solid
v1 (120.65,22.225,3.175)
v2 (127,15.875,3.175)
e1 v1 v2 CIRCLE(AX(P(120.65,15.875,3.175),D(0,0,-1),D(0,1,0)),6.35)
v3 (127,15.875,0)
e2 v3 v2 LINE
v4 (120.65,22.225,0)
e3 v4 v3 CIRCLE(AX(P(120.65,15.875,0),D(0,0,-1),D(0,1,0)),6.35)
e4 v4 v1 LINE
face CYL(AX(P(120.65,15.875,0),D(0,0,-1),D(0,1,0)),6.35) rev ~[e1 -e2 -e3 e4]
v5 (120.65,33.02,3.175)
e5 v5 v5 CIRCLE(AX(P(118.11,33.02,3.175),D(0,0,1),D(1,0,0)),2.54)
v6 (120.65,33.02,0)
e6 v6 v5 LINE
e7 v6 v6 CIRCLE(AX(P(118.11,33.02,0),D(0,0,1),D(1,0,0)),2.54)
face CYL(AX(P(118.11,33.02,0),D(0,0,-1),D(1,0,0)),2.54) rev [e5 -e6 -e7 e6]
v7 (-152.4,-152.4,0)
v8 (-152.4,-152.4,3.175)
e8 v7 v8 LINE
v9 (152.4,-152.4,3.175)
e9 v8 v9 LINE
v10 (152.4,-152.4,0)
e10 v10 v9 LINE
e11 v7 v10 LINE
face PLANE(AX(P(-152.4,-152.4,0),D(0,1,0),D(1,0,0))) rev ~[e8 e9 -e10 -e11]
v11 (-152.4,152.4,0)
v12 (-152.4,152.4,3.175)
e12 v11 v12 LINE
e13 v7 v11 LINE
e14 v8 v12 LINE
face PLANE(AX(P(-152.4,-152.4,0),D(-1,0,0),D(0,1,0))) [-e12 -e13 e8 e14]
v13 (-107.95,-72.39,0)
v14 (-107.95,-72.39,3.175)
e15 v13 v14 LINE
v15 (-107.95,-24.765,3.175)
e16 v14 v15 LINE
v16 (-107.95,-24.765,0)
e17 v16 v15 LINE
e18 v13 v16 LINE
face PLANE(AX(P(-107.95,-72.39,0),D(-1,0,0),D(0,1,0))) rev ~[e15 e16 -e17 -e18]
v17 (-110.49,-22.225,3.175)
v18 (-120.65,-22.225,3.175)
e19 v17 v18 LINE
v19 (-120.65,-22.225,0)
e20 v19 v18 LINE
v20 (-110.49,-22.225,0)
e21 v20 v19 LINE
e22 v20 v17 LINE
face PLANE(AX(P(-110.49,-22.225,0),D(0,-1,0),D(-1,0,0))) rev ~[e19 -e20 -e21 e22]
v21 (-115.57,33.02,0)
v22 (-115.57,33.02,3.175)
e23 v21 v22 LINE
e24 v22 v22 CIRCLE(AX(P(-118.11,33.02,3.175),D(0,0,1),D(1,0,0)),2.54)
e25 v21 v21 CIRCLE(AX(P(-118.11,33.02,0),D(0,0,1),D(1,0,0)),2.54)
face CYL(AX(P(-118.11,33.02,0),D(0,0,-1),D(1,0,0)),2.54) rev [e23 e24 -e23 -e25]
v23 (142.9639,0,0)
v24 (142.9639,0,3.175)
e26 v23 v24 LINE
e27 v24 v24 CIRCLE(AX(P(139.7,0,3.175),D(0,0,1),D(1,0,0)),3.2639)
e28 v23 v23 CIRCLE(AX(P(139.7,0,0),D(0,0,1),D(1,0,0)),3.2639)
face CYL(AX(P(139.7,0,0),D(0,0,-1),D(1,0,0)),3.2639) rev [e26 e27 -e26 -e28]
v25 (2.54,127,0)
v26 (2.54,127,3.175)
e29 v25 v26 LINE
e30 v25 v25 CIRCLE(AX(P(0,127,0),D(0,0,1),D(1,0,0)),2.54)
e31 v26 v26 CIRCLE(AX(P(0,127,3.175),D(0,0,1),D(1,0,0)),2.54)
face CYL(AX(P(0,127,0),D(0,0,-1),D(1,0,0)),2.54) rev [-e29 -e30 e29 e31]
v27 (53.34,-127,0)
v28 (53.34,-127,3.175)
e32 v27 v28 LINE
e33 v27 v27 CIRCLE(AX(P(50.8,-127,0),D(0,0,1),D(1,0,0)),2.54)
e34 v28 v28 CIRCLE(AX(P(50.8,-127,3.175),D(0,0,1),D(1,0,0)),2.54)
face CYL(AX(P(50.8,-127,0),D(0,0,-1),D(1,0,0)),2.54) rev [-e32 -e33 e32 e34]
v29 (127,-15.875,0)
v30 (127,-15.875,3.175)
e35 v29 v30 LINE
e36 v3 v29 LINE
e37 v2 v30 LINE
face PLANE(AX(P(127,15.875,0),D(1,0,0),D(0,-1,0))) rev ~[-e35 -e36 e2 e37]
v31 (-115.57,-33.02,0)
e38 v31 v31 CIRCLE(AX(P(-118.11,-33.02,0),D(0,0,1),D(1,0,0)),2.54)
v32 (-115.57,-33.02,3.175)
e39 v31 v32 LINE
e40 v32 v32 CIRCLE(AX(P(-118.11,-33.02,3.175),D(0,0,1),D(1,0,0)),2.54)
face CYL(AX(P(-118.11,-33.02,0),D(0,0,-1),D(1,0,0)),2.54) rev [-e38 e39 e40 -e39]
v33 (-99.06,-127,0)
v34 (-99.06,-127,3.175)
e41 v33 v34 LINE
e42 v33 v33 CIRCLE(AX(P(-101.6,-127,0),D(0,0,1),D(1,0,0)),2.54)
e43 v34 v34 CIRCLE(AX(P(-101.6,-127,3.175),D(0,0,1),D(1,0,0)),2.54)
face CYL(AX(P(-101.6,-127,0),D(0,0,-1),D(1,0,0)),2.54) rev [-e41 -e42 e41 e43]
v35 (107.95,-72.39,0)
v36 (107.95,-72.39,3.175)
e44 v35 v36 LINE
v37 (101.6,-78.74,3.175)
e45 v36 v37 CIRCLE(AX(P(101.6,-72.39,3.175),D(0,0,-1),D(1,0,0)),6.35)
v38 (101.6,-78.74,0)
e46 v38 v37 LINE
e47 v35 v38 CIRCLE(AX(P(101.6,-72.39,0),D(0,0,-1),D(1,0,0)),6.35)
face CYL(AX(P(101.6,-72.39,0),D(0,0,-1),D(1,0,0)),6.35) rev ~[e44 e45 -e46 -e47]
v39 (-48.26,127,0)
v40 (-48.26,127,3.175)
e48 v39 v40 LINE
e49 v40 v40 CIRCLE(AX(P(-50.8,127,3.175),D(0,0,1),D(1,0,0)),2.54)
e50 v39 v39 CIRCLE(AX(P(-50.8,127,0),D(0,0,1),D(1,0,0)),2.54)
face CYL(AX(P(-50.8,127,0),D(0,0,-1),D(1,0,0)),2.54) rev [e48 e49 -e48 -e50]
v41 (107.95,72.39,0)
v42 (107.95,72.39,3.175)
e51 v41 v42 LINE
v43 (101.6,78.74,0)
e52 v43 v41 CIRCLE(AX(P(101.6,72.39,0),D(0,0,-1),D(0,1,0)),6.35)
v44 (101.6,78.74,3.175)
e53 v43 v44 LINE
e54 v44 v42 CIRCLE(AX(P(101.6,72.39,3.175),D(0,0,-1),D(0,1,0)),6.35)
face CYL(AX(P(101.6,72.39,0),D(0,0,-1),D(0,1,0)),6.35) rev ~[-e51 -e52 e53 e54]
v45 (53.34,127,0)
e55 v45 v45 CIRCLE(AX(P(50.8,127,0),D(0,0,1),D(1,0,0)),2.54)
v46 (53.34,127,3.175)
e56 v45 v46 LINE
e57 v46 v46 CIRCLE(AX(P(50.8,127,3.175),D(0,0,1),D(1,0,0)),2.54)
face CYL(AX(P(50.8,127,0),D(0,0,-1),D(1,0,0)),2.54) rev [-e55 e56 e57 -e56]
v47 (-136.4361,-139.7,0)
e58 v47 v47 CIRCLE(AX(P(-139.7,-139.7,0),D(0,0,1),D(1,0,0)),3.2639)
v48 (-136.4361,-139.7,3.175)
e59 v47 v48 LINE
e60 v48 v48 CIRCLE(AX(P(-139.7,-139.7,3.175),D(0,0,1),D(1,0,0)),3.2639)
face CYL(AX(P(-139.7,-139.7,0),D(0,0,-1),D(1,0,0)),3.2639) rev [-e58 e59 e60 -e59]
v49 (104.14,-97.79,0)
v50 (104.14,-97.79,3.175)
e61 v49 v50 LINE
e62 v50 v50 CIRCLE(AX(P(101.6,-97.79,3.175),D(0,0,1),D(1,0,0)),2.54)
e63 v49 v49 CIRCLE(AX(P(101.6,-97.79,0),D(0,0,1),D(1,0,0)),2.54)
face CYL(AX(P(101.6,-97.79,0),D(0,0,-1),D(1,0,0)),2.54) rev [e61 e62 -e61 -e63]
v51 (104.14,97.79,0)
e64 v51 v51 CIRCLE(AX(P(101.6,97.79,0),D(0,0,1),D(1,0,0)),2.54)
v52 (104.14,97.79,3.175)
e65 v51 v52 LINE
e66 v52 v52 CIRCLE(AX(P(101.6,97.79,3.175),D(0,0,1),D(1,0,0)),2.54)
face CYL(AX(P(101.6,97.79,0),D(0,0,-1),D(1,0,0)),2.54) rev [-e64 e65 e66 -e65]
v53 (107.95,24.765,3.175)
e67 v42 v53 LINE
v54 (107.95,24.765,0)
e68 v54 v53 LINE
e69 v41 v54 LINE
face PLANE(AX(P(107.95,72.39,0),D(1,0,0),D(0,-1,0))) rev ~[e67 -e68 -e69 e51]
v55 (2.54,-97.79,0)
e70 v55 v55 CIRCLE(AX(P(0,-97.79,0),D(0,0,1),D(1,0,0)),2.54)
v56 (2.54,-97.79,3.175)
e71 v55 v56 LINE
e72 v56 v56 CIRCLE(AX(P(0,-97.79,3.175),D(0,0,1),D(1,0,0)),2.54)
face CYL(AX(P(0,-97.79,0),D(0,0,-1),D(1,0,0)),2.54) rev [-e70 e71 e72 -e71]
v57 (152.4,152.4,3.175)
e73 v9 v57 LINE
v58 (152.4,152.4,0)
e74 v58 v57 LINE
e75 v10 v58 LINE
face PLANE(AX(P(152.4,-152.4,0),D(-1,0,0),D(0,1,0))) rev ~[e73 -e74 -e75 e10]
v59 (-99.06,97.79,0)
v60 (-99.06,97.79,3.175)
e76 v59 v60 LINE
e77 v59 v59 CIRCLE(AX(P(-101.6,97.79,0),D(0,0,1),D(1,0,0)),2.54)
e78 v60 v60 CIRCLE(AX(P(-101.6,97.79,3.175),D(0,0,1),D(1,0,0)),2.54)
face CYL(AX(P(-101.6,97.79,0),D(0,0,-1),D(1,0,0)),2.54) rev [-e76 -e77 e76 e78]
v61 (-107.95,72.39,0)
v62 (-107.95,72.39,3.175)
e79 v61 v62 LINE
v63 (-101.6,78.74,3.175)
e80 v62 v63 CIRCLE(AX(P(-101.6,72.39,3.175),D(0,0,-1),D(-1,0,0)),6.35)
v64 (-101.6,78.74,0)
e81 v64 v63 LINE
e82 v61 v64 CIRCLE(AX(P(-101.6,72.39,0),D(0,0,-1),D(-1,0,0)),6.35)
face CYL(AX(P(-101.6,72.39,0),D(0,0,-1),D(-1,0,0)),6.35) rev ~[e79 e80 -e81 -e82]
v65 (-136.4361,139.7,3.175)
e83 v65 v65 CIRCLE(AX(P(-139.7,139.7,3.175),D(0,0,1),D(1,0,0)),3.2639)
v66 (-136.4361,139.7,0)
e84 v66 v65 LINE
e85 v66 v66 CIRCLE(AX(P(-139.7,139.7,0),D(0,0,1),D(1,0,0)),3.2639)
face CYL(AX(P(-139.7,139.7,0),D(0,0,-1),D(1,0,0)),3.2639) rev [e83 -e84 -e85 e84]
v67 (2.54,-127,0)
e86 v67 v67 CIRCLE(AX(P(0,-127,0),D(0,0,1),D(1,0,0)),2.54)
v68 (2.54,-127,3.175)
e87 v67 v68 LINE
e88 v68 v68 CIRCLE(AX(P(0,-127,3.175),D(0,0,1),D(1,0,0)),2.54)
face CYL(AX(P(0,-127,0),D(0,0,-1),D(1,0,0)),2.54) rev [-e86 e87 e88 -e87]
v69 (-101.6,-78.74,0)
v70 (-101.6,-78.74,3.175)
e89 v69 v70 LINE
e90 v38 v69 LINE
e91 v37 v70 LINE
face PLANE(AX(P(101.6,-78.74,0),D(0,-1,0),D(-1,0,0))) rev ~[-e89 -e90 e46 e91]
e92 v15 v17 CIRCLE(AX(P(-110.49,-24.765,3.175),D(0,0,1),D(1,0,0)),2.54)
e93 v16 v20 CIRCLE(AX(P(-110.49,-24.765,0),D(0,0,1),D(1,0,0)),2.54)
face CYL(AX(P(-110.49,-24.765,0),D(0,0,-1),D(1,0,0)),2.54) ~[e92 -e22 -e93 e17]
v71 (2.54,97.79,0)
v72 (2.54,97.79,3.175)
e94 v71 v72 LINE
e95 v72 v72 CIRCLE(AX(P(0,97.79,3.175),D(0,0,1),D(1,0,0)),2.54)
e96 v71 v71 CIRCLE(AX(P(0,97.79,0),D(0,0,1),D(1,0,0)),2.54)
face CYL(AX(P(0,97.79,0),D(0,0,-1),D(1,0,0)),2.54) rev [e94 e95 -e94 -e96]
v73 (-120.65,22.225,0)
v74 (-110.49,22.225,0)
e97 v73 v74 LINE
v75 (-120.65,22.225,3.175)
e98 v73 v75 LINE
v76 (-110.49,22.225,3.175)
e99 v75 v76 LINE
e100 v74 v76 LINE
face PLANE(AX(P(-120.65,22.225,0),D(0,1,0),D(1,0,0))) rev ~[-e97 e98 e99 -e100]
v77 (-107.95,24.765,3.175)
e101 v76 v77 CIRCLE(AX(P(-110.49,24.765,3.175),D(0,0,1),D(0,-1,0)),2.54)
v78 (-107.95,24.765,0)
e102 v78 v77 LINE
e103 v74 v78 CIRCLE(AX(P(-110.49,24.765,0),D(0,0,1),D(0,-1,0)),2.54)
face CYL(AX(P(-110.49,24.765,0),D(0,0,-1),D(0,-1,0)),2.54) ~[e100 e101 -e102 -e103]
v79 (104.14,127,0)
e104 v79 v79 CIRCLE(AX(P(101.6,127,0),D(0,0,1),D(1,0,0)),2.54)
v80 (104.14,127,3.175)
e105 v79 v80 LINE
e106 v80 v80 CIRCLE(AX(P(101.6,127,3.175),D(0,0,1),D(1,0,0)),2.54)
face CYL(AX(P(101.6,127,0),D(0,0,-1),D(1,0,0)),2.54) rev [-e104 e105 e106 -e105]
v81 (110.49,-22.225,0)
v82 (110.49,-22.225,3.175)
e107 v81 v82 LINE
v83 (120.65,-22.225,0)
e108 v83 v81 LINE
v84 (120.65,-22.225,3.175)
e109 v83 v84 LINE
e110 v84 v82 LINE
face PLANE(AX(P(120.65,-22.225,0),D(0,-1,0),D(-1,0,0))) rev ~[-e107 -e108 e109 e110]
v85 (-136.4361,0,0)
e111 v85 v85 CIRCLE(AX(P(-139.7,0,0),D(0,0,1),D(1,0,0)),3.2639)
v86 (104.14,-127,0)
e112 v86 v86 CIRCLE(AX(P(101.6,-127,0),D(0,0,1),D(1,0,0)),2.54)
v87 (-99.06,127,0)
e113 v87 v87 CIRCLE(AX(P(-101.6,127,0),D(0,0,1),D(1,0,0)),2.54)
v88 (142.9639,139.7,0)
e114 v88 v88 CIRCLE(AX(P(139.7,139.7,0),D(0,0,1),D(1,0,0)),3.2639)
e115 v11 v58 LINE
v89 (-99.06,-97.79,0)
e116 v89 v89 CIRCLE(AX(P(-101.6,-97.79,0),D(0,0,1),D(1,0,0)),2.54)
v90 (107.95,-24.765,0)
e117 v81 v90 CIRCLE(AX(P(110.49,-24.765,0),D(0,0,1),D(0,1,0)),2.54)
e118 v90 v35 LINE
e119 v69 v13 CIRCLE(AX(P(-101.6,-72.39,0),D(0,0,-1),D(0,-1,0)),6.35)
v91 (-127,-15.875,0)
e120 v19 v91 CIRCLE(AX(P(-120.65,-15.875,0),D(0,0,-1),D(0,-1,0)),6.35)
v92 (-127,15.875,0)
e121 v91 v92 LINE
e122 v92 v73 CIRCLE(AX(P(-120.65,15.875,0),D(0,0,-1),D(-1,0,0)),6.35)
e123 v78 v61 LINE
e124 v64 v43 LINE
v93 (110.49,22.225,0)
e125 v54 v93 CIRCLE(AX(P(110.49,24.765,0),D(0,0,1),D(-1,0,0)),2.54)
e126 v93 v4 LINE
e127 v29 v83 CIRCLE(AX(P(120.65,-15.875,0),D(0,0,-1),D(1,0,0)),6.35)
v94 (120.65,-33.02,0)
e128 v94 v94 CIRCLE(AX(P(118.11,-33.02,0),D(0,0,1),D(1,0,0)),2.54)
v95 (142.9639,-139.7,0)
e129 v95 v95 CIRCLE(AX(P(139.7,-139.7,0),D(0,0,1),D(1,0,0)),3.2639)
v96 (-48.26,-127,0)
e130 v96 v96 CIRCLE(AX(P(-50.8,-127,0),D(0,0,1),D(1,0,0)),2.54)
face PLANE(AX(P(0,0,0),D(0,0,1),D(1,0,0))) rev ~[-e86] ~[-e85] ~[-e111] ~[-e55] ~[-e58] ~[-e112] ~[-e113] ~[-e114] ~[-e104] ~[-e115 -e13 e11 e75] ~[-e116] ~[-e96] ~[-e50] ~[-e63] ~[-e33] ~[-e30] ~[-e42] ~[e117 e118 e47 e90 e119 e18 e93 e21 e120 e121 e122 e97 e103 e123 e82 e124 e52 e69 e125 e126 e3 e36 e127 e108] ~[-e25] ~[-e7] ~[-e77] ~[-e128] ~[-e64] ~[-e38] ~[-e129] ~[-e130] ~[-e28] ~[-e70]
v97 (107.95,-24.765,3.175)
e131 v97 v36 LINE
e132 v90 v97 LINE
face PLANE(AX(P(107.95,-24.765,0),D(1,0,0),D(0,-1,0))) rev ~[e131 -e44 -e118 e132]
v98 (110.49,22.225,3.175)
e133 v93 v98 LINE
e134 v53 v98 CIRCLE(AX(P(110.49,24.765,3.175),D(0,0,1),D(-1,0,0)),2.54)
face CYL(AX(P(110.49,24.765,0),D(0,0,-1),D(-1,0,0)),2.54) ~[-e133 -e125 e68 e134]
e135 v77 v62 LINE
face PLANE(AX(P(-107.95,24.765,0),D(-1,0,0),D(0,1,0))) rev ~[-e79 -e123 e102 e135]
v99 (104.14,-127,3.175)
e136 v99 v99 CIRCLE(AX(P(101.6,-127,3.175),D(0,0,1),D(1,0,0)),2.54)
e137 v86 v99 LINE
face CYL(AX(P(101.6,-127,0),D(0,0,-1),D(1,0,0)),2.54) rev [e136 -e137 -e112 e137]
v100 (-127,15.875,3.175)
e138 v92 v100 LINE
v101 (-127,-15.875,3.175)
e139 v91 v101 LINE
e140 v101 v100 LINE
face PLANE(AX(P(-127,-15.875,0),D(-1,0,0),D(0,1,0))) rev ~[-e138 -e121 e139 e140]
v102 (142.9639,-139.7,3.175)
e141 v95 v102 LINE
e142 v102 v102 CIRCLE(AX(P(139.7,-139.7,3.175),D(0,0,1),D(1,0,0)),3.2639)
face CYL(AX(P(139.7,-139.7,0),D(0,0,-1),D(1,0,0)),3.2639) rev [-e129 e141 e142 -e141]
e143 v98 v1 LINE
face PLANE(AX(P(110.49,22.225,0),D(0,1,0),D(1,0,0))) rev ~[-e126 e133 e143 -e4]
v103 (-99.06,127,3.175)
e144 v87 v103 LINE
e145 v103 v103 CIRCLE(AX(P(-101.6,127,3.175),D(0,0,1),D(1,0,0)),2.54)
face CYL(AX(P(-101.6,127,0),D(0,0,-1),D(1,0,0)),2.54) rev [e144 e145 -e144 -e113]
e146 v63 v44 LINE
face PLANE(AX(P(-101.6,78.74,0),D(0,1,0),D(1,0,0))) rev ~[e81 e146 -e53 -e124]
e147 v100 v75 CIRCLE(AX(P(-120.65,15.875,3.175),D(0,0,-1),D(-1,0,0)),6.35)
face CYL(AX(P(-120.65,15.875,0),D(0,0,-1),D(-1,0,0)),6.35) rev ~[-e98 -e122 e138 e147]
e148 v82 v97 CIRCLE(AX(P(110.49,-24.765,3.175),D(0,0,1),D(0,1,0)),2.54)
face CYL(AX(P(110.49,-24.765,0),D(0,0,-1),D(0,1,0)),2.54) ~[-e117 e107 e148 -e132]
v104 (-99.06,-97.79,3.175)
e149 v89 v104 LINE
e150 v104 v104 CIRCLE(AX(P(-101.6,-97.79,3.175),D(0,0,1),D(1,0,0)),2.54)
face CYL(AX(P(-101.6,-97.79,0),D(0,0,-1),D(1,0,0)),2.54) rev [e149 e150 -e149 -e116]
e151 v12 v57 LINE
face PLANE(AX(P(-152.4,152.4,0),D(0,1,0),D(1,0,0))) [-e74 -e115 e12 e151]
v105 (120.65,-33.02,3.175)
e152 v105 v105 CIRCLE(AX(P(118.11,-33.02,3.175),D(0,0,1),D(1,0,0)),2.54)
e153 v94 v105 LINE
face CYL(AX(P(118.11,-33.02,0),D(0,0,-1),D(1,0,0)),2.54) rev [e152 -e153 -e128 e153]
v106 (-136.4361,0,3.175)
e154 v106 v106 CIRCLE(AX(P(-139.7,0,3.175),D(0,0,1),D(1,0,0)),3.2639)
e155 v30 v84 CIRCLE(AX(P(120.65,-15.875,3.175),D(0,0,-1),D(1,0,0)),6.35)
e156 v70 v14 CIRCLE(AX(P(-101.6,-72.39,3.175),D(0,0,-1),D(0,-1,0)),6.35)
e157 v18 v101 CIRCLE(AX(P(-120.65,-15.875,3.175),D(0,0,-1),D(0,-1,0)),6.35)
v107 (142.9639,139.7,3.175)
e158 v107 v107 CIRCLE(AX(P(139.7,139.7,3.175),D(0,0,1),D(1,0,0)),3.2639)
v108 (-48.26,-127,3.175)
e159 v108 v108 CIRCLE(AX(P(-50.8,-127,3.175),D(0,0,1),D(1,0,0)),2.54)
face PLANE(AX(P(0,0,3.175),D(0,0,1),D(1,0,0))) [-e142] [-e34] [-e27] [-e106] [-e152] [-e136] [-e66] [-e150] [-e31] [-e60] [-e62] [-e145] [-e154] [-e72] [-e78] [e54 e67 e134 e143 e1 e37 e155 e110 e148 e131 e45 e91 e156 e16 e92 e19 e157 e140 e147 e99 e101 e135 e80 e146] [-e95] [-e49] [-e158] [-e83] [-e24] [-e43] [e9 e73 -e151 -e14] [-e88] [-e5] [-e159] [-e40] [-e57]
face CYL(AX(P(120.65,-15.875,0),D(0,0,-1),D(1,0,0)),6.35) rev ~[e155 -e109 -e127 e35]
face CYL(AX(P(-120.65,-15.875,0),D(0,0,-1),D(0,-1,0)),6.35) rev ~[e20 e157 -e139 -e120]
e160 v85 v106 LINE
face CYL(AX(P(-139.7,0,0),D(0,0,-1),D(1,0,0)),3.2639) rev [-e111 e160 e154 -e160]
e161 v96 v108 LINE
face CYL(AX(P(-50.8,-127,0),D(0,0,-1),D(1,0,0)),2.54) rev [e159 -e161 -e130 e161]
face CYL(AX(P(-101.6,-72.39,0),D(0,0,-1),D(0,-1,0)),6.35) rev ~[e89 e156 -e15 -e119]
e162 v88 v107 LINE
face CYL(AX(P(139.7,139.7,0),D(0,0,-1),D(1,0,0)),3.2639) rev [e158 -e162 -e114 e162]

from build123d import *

# Parameters (mm, degrees)
SKETCH1_W           = 304.8
SKETCH1_H           = 304.8
SKETCH1_R           = 2.54
SKETCH1_R_2         = 3.2639
BOSS_EXTRUDE1_DEPTH = 3.175


with BuildPart() as part:
    # Sketch1 → Boss-Extrude1 (new body)
    with BuildSketch(Plane.XY):
        Rectangle(SKETCH1_W, SKETCH1_H)
        with Locations((-50.8, 127)):
            Circle(SKETCH1_R, mode=Mode.SUBTRACT)
        with Locations((0, 127)):
            Circle(SKETCH1_R, mode=Mode.SUBTRACT)
        with Locations((50.8, 127)):
            Circle(SKETCH1_R, mode=Mode.SUBTRACT)
        with Locations((50.8, -127)):
            Circle(SKETCH1_R, mode=Mode.SUBTRACT)
        with Locations((0, -127)):
            Circle(SKETCH1_R, mode=Mode.SUBTRACT)
        with Locations((-50.8, -127)):
            Circle(SKETCH1_R, mode=Mode.SUBTRACT)
        with Locations((-101.6, 97.79)):
            Circle(SKETCH1_R, mode=Mode.SUBTRACT)
        with Locations((0, 97.79)):
            Circle(SKETCH1_R, mode=Mode.SUBTRACT)
        with Locations((101.6, 97.79)):
            Circle(SKETCH1_R, mode=Mode.SUBTRACT)
        with Locations((101.6, 127)):
            Circle(SKETCH1_R, mode=Mode.SUBTRACT)
        with Locations((-101.6, 127)):
            Circle(SKETCH1_R, mode=Mode.SUBTRACT)
        with Locations((-118.11, 33.02)):
            Circle(SKETCH1_R, mode=Mode.SUBTRACT)
        with Locations((-101.6, -127)):
            Circle(SKETCH1_R, mode=Mode.SUBTRACT)
        with Locations((101.6, -127)):
            Circle(SKETCH1_R, mode=Mode.SUBTRACT)
        with Locations((101.6, -97.79)):
            Circle(SKETCH1_R, mode=Mode.SUBTRACT)
        with Locations((0, -97.79)):
            Circle(SKETCH1_R, mode=Mode.SUBTRACT)
        with Locations((-101.6, -97.79)):
            Circle(SKETCH1_R, mode=Mode.SUBTRACT)
        with Locations((-118.11, -33.02)):
            Circle(SKETCH1_R, mode=Mode.SUBTRACT)
        with Locations((-139.7, 139.7)):
            Circle(SKETCH1_R_2, mode=Mode.SUBTRACT)
        with Locations((-139.7, 0)):
            Circle(SKETCH1_R_2, mode=Mode.SUBTRACT)
        with Locations((-139.7, -139.7)):
            Circle(SKETCH1_R_2, mode=Mode.SUBTRACT)
        with Locations((139.7, -139.7)):
            Circle(SKETCH1_R_2, mode=Mode.SUBTRACT)
        with Locations((139.7, 0)):
            Circle(SKETCH1_R_2, mode=Mode.SUBTRACT)
        with Locations((139.7, 139.7)):
            Circle(SKETCH1_R_2, mode=Mode.SUBTRACT)
        with Locations((118.11, -33.02)):
            Circle(SKETCH1_R, mode=Mode.SUBTRACT)
        with Locations((118.11, 33.02)):
            Circle(SKETCH1_R, mode=Mode.SUBTRACT)
        with BuildLine():
            Line((-101.6, 78.74), (101.6, 78.74))
            ThreePointArc((101.6, 78.74), (106.090128061, 76.880128061), (107.95, 72.39))
            Line((107.95, 72.39), (107.95, 24.765))
            ThreePointArc((107.95, 24.765), (108.693948776, 22.968948776), (110.49, 22.225))
            Line((110.49, 22.225), (120.65, 22.225))
            ThreePointArc((120.65, 22.225), (125.140128061, 20.365128061), (127, 15.875))
            Line((127, 15.875), (127, -15.875))
            ThreePointArc((127, -15.875), (125.140128061, -20.365128061), (120.65, -22.225))
            Line((120.65, -22.225), (110.49, -22.225))
            ThreePointArc((110.49, -22.225), (108.693948776, -22.968948776), (107.95, -24.765))
            Line((107.95, -24.765), (107.95, -72.39))
            ThreePointArc((107.95, -72.39), (106.090128061, -76.880128061), (101.6, -78.74))
            Line((101.6, -78.74), (-101.6, -78.74))
            ThreePointArc((-101.6, -78.74), (-106.090128061, -76.880128061), (-107.95, -72.39))
            Line((-107.95, -72.39), (-107.95, -24.765))
            ThreePointArc((-107.95, -24.765), (-108.693948776, -22.968948776), (-110.49, -22.225))
            Line((-110.49, -22.225), (-120.65, -22.225))
            ThreePointArc((-120.65, -22.225), (-125.140128061, -20.365128061), (-127, -15.875))
            Line((-127, -15.875), (-127, 15.875))
            ThreePointArc((-127, 15.875), (-125.140128061, 20.365128061), (-120.65, 22.225))
            Line((-120.65, 22.225), (-110.49, 22.225))
            ThreePointArc((-110.49, 22.225), (-108.693948776, 22.968948776), (-107.95, 24.765))
            Line((-107.95, 24.765), (-107.95, 72.39))
            ThreePointArc((-107.95, 72.39), (-106.090128061, 76.880128061), (-101.6, 78.74))
        make_face(mode=Mode.SUBTRACT)
    extrude(amount=BOSS_EXTRUDE1_DEPTH)


solid = part.part
